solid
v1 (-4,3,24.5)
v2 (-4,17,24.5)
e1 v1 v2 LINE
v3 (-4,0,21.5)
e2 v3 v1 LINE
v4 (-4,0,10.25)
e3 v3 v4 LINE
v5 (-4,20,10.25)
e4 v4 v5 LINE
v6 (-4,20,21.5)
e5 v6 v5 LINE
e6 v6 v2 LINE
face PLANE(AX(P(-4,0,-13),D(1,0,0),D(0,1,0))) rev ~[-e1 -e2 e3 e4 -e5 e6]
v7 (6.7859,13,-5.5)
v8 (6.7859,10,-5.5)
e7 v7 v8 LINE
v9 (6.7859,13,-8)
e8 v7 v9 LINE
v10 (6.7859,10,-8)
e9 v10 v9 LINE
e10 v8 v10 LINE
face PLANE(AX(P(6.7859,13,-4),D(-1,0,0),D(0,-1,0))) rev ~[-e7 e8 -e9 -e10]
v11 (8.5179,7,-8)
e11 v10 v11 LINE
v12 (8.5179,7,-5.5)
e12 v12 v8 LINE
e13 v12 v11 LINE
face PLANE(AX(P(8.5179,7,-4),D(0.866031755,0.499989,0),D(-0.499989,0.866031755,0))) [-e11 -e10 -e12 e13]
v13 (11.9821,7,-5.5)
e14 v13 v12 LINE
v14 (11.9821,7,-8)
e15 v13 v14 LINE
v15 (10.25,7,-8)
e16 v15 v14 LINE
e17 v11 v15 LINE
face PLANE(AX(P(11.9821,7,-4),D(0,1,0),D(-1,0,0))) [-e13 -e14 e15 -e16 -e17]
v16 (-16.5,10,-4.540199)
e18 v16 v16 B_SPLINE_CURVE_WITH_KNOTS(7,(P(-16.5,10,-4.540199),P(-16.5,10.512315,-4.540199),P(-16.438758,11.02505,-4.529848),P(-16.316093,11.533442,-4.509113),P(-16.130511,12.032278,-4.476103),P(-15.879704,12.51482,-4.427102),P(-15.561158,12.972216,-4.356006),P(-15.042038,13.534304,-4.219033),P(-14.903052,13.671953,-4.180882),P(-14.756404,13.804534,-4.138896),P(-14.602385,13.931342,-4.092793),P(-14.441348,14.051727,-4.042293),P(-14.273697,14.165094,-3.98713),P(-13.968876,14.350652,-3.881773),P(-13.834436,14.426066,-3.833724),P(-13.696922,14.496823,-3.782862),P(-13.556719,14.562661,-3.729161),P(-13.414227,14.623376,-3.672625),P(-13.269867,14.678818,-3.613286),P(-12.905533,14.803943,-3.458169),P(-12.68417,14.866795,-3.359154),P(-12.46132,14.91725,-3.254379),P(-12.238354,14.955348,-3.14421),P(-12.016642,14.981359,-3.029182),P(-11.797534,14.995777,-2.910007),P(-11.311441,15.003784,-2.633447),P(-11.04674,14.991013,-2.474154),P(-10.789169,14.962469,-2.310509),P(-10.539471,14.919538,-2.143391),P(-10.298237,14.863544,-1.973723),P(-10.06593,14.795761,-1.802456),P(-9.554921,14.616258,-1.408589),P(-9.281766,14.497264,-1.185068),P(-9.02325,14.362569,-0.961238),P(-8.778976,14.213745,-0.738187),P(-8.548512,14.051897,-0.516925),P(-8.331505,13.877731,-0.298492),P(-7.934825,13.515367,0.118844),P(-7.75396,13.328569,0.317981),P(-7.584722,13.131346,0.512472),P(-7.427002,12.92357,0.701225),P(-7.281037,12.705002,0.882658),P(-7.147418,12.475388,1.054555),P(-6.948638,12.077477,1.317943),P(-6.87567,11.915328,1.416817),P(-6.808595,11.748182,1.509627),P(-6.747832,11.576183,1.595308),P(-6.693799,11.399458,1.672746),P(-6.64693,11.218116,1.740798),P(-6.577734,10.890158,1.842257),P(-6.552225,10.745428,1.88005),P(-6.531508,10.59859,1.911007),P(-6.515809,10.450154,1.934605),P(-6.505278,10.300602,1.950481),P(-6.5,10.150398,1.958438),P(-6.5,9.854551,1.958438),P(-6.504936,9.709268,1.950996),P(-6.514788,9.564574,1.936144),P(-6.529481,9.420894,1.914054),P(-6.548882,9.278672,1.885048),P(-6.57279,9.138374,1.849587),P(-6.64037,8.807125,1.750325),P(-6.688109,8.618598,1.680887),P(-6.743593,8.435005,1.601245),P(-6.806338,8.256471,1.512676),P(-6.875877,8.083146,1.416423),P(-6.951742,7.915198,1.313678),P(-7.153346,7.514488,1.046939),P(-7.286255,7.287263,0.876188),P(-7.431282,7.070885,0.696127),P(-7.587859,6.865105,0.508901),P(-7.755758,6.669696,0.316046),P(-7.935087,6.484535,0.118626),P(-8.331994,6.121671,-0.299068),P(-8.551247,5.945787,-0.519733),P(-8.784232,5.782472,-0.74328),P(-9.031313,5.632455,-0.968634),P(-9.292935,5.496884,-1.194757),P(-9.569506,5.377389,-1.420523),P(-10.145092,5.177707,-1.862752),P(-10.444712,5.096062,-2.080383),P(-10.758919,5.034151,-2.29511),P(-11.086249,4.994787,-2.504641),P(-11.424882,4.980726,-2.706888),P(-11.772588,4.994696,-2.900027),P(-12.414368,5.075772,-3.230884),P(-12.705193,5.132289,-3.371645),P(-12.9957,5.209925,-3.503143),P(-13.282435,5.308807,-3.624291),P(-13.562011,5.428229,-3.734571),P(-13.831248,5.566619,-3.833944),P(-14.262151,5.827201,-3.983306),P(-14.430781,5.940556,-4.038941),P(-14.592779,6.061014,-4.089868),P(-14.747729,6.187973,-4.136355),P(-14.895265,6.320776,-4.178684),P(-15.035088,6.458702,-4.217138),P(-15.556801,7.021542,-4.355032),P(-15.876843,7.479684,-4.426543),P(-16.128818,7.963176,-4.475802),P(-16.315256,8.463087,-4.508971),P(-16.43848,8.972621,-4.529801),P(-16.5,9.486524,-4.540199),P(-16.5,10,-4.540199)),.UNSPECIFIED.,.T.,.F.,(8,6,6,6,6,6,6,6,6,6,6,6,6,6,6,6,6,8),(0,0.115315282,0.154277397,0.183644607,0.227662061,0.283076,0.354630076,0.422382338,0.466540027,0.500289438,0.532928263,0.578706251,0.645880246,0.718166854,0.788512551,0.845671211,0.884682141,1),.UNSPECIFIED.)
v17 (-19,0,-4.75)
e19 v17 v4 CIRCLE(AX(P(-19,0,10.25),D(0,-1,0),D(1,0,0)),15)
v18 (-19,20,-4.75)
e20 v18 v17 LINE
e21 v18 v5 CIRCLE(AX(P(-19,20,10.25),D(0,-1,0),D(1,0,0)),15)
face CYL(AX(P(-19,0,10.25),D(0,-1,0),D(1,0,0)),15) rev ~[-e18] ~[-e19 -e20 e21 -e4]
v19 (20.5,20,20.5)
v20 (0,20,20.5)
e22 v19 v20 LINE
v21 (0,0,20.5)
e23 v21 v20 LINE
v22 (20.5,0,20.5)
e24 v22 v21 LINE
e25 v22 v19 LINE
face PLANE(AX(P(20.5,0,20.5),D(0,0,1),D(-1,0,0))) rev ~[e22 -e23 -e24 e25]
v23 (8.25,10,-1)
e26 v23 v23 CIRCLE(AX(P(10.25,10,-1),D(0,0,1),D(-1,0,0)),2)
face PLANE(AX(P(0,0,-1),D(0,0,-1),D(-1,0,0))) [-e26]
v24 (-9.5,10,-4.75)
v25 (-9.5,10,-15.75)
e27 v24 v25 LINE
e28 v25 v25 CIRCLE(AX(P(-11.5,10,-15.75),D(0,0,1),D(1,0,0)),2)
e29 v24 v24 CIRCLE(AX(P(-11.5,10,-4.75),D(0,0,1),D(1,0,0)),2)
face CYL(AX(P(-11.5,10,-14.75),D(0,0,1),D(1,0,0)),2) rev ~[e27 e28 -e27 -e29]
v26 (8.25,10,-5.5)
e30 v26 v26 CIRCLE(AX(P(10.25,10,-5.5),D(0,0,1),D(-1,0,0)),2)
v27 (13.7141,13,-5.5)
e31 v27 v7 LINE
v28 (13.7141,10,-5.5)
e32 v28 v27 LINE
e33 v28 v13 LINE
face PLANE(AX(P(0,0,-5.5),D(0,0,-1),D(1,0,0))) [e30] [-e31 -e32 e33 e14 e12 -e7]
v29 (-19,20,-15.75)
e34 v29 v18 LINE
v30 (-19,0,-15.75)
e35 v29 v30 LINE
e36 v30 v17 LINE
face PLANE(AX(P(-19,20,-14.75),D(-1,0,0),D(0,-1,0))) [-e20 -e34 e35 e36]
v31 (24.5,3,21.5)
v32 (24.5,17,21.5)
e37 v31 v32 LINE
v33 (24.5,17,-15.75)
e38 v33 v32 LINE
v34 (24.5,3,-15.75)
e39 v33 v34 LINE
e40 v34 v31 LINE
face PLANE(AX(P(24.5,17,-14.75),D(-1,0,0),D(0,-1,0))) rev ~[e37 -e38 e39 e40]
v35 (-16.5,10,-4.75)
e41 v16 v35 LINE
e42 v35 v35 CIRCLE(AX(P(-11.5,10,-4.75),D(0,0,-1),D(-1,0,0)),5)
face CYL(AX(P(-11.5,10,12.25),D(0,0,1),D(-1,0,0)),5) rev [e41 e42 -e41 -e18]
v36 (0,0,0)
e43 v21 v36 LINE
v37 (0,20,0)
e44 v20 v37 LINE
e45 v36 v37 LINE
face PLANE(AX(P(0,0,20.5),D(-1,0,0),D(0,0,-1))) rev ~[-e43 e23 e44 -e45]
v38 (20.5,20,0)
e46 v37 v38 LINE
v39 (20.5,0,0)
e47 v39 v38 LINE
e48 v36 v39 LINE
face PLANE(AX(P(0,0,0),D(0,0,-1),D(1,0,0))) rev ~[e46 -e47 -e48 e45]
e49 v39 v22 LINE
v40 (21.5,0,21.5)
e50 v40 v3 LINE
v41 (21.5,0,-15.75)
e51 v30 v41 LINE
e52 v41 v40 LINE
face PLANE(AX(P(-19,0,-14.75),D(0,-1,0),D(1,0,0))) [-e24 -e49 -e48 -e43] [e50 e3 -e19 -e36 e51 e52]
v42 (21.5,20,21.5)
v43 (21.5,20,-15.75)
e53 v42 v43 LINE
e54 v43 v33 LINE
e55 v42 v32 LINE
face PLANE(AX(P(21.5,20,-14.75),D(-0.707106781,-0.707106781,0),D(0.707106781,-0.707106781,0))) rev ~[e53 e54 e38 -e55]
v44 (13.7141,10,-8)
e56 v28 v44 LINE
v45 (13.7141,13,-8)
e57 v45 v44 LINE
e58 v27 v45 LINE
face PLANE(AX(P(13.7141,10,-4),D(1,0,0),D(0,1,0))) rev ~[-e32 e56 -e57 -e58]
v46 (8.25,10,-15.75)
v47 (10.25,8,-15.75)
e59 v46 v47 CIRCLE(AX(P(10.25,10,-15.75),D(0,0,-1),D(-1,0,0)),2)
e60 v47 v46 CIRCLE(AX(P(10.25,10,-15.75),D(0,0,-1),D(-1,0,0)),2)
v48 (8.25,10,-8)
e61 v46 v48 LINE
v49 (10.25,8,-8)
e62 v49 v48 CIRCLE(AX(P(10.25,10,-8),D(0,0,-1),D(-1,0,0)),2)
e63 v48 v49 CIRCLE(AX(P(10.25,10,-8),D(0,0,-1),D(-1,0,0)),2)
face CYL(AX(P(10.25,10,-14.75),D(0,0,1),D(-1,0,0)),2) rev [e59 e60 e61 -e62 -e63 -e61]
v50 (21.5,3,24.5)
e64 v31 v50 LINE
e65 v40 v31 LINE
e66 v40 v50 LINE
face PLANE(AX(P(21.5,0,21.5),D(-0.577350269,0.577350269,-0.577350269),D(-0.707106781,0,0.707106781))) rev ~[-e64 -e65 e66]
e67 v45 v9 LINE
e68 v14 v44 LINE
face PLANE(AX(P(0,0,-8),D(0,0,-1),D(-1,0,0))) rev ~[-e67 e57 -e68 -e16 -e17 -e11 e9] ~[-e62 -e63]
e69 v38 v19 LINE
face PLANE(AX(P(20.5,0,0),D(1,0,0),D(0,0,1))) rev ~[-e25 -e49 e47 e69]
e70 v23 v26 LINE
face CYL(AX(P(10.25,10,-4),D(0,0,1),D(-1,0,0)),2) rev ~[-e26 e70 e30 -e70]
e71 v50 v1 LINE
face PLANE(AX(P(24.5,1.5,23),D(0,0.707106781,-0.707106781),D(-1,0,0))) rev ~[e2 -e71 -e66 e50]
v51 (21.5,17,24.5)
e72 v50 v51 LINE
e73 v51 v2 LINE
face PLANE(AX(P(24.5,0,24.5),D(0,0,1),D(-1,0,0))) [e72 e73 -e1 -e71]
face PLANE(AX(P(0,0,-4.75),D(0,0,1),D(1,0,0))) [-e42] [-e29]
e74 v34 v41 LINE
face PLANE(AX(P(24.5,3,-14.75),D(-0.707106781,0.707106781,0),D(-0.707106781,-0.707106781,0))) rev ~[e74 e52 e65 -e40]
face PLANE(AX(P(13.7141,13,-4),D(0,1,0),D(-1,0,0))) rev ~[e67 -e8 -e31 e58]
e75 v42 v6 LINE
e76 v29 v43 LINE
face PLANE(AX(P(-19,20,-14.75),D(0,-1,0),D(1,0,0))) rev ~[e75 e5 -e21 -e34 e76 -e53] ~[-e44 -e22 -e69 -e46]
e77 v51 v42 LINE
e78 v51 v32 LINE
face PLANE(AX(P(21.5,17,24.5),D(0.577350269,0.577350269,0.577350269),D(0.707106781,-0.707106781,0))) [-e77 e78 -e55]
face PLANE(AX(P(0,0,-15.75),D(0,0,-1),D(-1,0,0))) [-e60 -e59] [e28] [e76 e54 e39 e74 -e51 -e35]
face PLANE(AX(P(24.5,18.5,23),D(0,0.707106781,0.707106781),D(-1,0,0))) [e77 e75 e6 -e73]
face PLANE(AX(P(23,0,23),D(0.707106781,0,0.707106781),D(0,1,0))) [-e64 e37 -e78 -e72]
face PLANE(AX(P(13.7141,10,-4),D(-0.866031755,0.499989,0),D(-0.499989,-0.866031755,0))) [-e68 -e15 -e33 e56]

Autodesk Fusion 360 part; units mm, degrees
sketch "Sketch1" plane through (0, 0, 0) normal (0, 1, 0) x (1, 0, 0)
  line L0 (0, 0) -> (20.5, 0)
  line L1 (20.5, 0) -> (20.5, -20.5)
  line L2 (20.5, -20.5) -> (0, -20.5)
  line L3 (0, -20.5) -> (0, 0)
  line L4 (0, 0) -> (-4, 0)
  line L5 (-4, 0) -> (-4, 4)
  line L6 (-4, 4) -> (0, 4)
  line L7 (0, 4) -> (0, 0)
  line L8 (-4, 4) -> (24.5, 4)
  line L9 (24.5, 4) -> (24.5, -24.5)
  line L10 (24.5, -24.5) -> (-4, -24.5)
  line L11 (-4, -24.5) -> (-4, 4)
  dimension "d1" = 20.5
  dimension "d2" = 20.5
  dimension "d3" = 4
  dimension "d4" = 4
  dimension "d5" = 28.5
  dimension "d6" = 28.5
extrude "Extrude1" add sketch "Sketch1" along normal blind 20
chamfer "Chamfer1" distance 3 angle 45 5 edges at (24.5, 20, 10.25) (10.25, 20, 24.5) (24.5, 10, 24.5) (24.5, 0, 10.25) (10.25, 0, 24.5)
sketch "Sketch2" plane through (0, 0, -4) normal (0, 0, -1) x (-1, 0, 0)
  line L0 (-24.5, 3) -> (-21.5, 0)
  line L1 (-21.5, 0) -> (4, 0)
  line L2 (4, 0) -> (4, 20)
  line L3 (4, 20) -> (-21.5, 20)
  line L4 (-21.5, 20) -> (-24.5, 17)
  line L5 (-24.5, 17) -> (-24.5, 3)
  line L6 (-24.5, 10) -> (-10.25, 10)
  line L7 (-7.6519, 5.5) -> (-5.0538, 10)
  line L8 (-5.0538, 10) -> (-7.6519, 14.5)
  line L9 (-7.6519, 14.5) -> (-12.8481, 14.5)
  line L10 (-12.8481, 14.5) -> (-15.4462, 10)
  line L11 (-15.4462, 10) -> (-12.8481, 5.5)
  line L12 (-12.8481, 5.5) -> (-7.6519, 5.5)
  point P0 (-10.25, 10)
  dimension "d10" = 14.25
  dimension "d11" = 4.5
extrude "Extrude2" add sketch "Sketch2" along normal blind 4
sketch "Sketch3" plane through (0, 0, -8) normal (0, 0, -1) x (-1, 0, 0)
  line L0 (-7.6519, 5.5) -> (-12.8481, 5.5)
  line L1 (-15.4462, 10) -> (-12.8481, 14.5)
  line L2 (-12.8481, 14.5) -> (-7.6519, 14.5)
  line L3 (-7.6519, 14.5) -> (-5.0538, 10)
  line L4 (-5.0538, 10) -> (-7.6519, 5.5)
  line L5 (-24.5, 17) -> (-24.5, 3)
  line L6 (-24.5, 3) -> (-21.5, 0)
  line L7 (-21.5, 0) -> (4, 0)
  line L8 (4, 0) -> (4, 20)
  line L9 (4, 20) -> (-21.5, 20)
  line L10 (-21.5, 20) -> (-24.5, 17)
  line L11 (-7.6519, 14.5) -> (-5.0538, 14.5)
  line L12 (-5.0538, 14.5) -> (-5.0538, 10)
  line L13 (-15.4462, 10) -> (-15.4462, 14.5)
  line L14 (-15.4462, 14.5) -> (-12.8481, 14.5)
extrude "Extrude3" cut sketch "Sketch3" against normal blind 4 contours L1 L13 L14 | L3 L11 L12
sketch "Sketch4" plane through (0, 0, -8) normal (0, 0, -1) x (-1, 0, 0)
  line L0 (-15.4462, 14.5) -> (-5.0538, 14.5)
  line L1 (-5.0538, 14.5) -> (-5.0538, 10)
  line L2 (-5.0538, 10) -> (-7.6519, 5.5)
  line L3 (-7.6519, 5.5) -> (-12.8481, 5.5)
  line L4 (-12.8481, 5.5) -> (-15.4462, 10)
  line L5 (-15.4462, 10) -> (-15.4462, 14.5)
  line L6 (-24.5, 17) -> (-24.5, 3)
  line L7 (-24.5, 3) -> (-21.5, 0)
  line L8 (-21.5, 0) -> (4, 0)
  line L9 (4, 0) -> (4, 20)
  line L10 (4, 20) -> (-21.5, 20)
  line L11 (-21.5, 20) -> (-24.5, 17)
  line L12 (-10.25, 5.5) -> (-10.25, 10)
  circle A0 centre (-10.25, 10) radius 2
  line L13 (-5.0538, 14.5) -> (-15.4186, 14.5)
  line L14 (-15.4186, 14.5) -> (-15.4186, 5.5)
  line L15 (-15.4186, 5.5) -> (-5.0538, 5.5)
  line L16 (-5.0538, 5.5) -> (-5.0538, 14.5)
  line L17 (7, 22) -> (-27, 22)
  line L18 (-27, 22) -> (-27, -2)
  line L19 (-27, -2) -> (7, -2)
  line L20 (7, -2) -> (7, 22)
  dimension "d16" = 4
extrude "Extrude4" add sketch "Sketch4" along normal blind 5 contours L0 L1 L2 L3 L4 L13 L14 L15 L16 | L4 L14 L15 | L2 L15 L16 | L6 L7 L8 L9 L10 L11
extrude "Extrude5" add 1 faces at (0.0833, 10, -13) along direction (0, 0, -1) blind 1.75
sketch "Sketch5" plane through (-4, 0, 0) normal (-1, 0, 0) x (0, 0, 1)
  line L0 (21.5, 0) -> (24.5, 3)
  line L1 (24.5, 3) -> (24.5, 17)
  line L2 (24.5, 17) -> (21.5, 20)
  line L3 (21.5, 20) -> (-14.75, 20)
  line L4 (-14.75, 20) -> (-14.75, 0)
  line L5 (-14.75, 0) -> (21.5, 0)
  line L6 (-14.75, 20) -> (-4.75, 20)
  line L7 (-4.75, 20) -> (-4.75, 0)
  line L8 (-4.75, 0) -> (-14.75, 0)
  line L9 (-14.75, 0) -> (-14.75, 20)
  dimension "d21" = 10
extrude "Extrude6" add sketch "Sketch5" along normal blind 15 contours L3 L4 L5 L6 L7 L8 L9
sketch "Sketch6" plane through (0, 0, -4.75) normal (0, 0, 1) x (1, 0, 0)
  line L0 (-4, 0) -> (-4, 20)
  line L1 (-4, 20) -> (-19, 20)
  line L2 (-19, 20) -> (-19, 0)
  line L3 (-19, 0) -> (-4, 0)
  line L4 (-19, 10) -> (-11.5, 10)
  circle A0 centre (-11.5, 10) radius 3.5
  dimension "d24" = 7.5
  dimension "d25" = 7
extrude "Extrude7" cut sketch "Sketch6" against normal blind 10 contours A0
sketch "Sketch7" plane through (0, 0, 0) normal (0, -1, 0) x (1, 0, 0)
  line L0 (21.5, -14.75) -> (21.5, 21.5)
  line L1 (21.5, 21.5) -> (-4, 21.5)
  line L2 (-4, 21.5) -> (-4, -4.75)
  line L3 (-4, -4.75) -> (-19, -4.75)
  line L4 (-19, -4.75) -> (-19, -14.75)
  line L5 (-19, -14.75) -> (21.5, -14.75)
  line L6 (0, 20.5) -> (20.5, 20.5)
  line L7 (20.5, 20.5) -> (20.5, 0)
  line L8 (20.5, 0) -> (0, 0)
  line L9 (0, 0) -> (0, 20.5)
  line L10 (-19, -4.75) -> (-19, 10.25)
  circle A0 centre (-19, 10.25) radius 15
  dimension "d28" = 15
extrude "Extrude8" add sketch "Sketch7" against normal blind 20 contours L2 L3 A0
sketch "Sketch8" plane through (0, 0, -14.75) normal (0, 0, -1) x (-1, 0, 0)
  circle A0 centre (11.5, 10) radius 3.5
  line L0 (-15.4462, 14.5) -> (-15.4186, 14.5)
  line L1 (-15.4186, 14.5) -> (-15.4186, 9.9523)
  line L2 (-15.4186, 9.9523) -> (-15.4462, 10)
  line L3 (-15.4462, 10) -> (-15.4462, 14.5)
  circle A1 centre (-10.25, 10) radius 2
  line L4 (-21.5, 20) -> (-24.5, 17)
  line L5 (-24.5, 17) -> (-24.5, 3)
  line L6 (-24.5, 3) -> (-21.5, 0)
  line L7 (-21.5, 0) -> (19, 0)
  line L8 (19, 0) -> (19, 20)
  line L9 (19, 20) -> (-21.5, 20)
  circle A2 centre (11.5, 10) radius 5
  dimension "d31" = 10
extrude "Extrude9" cut sketch "Sketch8" along normal blind -10 and the other way blind 27 contours A2
extrude "Extrude10" cut 1 faces at (-11.9678, 9.7747, -4.75) along direction (0, 0, 1) blind 20
sketch "Sketch9" plane through (0, 0, -4.75) normal (0, 0, 1) x (1, 0, 0)
  circle A0 centre (-11.5, 10) radius 3.5
  circle A1 centre (-11.5, 10) radius 5
  circle A2 centre (-11.5, 10) radius 2
  dimension "d38" = 4
extrude "Extrude11" add sketch "Sketch9" against normal blind 10 contours A0
sketch "Sketch10" plane through (0, 0, -4) normal (0, 0, -1) x (-1, 0, 0)
  line L0 (-7.6519, 5.5) -> (-5.0538, 10)
  line L1 (-5.0538, 10) -> (-5.0538, 14.5)
  line L2 (-5.0538, 14.5) -> (-15.4462, 14.5)
  line L3 (-15.4462, 14.5) -> (-15.4462, 10)
  line L4 (-15.4462, 10) -> (-12.8481, 5.5)
  line L5 (-12.8481, 5.5) -> (-7.6519, 5.5)
  line L6 (-10.25, 5.5) -> (-10.25, 10)
  circle A0 centre (-10.25, 10) radius 2
  dimension "d41" = 4
extrude "Extrude12" cut sketch "Sketch10" against normal blind 3.5 contours A0
extrude "Extrude13" add 1 faces at (9.7539, 10.3541, -0.5) along direction (0, 0, -1) blind 0.5
extrude "Extrude14" add 1 faces at (3.9949, 17.2826, -14.75) along direction (0, 0, -1) blind 1
sketch "Sketch11" plane through (0, 0, -4) normal (0, 0, -1) x (-1, 0, 0)
  circle A0 centre (-10.25, 10) radius 2
  line L0 (-7.6519, 5.5) -> (-5.0538, 10)
  line L1 (-5.0538, 10) -> (-5.0538, 14.5)
  line L2 (-5.0538, 14.5) -> (-15.4462, 14.5)
  line L3 (-15.4462, 14.5) -> (-15.4462, 10)
  line L4 (-15.4462, 10) -> (-12.8481, 5.5)
  line L5 (-12.8481, 5.5) -> (-7.6519, 5.5)
  line L6 (-8.5179, 7) -> (-6.7859, 10)
  line L7 (-6.7859, 10) -> (-8.5179, 13)
  line L8 (-8.5179, 13) -> (-11.9821, 13)
  line L9 (-11.9821, 13) -> (-13.7141, 10)
  line L10 (-13.7141, 10) -> (-11.9821, 7)
  line L11 (-11.9821, 7) -> (-8.5179, 7)
  line L12 (-6.7859, 10) -> (-13.7141, 10)
  line L13 (-13.7141, 10) -> (-13.7141, 13)
  line L14 (-13.7141, 13) -> (-6.7859, 13)
  line L15 (-6.7859, 13) -> (-6.7859, 10)
  point P0 (-10.25, 10)
  dimension "d48" = 3
  dimension "d49" = 3
extrude "Extrude15" add sketch "Sketch11" along normal blind 5
extrude "Extrude16" add 1 faces at (13.16, 11.2893, -4) along direction (0, 0, -1) blind 1.5
extrude "Extrude17" add 1 faces at (15.4278, 11.4841, -9) along direction (0, 0, -1) blind 6.75
